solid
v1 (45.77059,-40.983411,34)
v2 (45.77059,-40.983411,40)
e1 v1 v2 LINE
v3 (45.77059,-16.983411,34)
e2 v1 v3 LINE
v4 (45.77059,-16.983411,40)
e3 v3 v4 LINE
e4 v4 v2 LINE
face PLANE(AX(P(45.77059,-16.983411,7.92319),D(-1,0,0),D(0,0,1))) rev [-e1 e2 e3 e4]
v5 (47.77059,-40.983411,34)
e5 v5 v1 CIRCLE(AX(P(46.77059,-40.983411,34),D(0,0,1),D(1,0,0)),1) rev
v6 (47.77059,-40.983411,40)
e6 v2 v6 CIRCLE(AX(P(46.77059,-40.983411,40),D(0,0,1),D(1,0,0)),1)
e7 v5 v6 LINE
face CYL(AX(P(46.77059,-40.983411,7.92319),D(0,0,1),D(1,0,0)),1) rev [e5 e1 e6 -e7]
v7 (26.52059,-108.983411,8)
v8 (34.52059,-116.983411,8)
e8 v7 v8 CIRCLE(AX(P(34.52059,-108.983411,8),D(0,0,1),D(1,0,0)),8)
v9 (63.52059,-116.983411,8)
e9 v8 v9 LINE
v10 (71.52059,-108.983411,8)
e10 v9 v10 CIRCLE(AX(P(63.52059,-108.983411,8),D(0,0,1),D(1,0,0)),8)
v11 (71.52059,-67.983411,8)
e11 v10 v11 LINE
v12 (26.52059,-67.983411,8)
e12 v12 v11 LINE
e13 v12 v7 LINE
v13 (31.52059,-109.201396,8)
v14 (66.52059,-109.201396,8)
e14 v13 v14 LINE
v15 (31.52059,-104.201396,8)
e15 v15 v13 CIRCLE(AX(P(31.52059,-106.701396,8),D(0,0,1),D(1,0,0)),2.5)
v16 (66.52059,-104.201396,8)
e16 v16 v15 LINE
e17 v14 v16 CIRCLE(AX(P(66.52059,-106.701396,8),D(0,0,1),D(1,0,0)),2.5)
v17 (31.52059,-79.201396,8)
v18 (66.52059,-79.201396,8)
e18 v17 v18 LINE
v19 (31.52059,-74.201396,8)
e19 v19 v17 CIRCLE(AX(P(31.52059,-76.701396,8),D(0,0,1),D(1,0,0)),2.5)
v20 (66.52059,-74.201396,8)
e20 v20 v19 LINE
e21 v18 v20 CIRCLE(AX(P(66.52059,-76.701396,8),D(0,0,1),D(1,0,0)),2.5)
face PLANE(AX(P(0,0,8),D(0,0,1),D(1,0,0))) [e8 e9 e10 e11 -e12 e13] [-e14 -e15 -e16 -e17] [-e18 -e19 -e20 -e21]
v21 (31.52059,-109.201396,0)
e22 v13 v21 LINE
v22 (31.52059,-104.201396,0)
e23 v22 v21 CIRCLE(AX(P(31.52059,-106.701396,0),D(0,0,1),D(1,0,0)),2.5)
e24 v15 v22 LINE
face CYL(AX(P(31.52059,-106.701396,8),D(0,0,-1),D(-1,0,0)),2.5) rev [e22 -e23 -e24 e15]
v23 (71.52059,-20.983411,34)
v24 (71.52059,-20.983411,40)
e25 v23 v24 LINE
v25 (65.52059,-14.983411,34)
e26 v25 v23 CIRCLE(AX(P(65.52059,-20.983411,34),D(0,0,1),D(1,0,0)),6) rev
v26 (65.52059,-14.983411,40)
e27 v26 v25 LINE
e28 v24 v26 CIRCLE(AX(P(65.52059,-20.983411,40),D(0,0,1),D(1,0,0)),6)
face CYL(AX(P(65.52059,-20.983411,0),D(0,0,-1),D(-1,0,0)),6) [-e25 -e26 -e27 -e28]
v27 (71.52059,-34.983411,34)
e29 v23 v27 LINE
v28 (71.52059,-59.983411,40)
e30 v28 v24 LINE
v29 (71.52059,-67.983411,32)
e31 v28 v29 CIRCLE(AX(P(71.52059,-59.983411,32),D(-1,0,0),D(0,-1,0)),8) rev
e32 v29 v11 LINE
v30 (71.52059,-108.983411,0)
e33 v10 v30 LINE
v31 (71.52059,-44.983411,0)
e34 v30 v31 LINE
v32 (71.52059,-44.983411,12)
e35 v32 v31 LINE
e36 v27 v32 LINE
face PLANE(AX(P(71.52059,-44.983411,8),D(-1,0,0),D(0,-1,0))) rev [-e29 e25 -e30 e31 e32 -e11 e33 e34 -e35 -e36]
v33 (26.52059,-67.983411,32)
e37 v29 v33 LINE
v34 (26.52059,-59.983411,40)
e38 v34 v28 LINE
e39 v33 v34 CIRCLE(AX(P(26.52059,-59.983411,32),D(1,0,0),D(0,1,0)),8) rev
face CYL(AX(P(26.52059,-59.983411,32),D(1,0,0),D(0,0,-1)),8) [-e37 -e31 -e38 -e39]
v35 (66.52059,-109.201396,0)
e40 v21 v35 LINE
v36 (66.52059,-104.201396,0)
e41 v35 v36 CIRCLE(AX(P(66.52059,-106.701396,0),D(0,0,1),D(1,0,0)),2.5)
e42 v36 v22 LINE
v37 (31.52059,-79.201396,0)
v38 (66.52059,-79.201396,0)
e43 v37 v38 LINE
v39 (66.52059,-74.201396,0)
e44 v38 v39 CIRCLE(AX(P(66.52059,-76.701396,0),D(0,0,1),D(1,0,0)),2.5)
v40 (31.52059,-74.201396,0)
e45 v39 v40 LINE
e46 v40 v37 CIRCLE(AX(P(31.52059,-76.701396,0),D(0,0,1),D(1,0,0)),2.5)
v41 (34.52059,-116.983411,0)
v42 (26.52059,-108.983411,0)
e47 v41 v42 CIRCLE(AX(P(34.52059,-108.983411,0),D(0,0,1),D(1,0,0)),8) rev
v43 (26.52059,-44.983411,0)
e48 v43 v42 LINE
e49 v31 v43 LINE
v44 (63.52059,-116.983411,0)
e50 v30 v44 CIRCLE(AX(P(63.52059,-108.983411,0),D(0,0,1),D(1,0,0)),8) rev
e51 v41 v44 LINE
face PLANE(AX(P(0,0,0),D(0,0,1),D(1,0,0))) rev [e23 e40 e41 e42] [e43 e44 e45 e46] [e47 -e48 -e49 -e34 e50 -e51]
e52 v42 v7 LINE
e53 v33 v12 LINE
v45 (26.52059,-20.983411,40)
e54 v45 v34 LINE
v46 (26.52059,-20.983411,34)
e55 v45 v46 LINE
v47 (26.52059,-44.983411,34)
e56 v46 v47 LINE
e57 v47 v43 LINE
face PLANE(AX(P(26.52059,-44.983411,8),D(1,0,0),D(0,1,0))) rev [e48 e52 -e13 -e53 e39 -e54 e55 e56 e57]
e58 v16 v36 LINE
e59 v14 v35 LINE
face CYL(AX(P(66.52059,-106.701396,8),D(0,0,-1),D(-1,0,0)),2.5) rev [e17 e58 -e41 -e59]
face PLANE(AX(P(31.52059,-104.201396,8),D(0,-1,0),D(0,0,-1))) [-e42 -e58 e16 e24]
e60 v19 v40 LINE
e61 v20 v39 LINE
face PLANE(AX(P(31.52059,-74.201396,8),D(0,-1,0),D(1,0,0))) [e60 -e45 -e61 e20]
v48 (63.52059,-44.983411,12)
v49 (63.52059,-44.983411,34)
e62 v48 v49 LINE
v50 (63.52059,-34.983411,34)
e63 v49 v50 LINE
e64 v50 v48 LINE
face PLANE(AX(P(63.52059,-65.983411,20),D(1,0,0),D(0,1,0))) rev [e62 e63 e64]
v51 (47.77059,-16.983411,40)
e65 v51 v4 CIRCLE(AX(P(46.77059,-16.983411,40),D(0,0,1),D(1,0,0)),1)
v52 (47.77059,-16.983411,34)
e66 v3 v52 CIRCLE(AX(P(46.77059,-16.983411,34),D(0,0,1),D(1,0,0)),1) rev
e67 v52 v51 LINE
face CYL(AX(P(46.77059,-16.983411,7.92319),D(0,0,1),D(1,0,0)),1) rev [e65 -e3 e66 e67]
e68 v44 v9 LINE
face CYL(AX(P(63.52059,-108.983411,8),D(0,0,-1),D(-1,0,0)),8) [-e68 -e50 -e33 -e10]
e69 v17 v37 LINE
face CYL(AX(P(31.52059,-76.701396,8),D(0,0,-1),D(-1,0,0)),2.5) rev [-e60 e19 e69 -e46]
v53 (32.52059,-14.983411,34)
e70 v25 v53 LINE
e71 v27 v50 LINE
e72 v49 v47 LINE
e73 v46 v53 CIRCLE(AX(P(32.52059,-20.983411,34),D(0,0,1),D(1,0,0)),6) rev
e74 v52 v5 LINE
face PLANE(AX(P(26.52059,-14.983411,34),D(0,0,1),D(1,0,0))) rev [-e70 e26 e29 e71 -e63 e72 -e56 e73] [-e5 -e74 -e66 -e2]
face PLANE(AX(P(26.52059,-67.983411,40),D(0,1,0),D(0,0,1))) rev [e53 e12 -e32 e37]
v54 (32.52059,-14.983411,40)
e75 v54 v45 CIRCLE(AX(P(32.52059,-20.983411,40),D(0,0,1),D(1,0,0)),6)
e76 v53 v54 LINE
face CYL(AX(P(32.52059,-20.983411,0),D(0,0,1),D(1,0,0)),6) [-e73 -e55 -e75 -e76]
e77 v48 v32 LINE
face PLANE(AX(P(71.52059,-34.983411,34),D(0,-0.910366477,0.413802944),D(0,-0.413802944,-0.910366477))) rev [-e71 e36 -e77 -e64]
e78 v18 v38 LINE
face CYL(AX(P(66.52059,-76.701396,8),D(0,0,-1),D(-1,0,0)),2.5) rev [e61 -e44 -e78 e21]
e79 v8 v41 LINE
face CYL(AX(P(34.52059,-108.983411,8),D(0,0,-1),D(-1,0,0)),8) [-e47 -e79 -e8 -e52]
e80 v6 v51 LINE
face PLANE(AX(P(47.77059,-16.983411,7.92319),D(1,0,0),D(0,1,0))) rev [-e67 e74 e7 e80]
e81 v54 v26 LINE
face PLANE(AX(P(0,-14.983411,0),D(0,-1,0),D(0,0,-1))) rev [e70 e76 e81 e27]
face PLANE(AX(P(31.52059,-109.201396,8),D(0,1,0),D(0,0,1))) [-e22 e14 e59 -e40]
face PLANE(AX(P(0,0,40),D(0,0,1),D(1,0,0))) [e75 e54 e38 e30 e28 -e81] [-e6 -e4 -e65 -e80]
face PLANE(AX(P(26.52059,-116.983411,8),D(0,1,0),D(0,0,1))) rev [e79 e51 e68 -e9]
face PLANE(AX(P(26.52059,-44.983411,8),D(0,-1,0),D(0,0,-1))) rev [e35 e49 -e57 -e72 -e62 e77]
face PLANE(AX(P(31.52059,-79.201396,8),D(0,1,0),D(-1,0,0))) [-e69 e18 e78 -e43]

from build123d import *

# Parameters (mm, degrees)
SKETCH_1_W          = 45
SKETCH_1_H          = 72
EXTRUDE_1_DEPTH     = 8
SKETCH_3_W          = 45
SKETCH_3_H          = 23
EXTRUDE_2_DEPTH     = 32
SKETCH_4_W          = 45
SKETCH_4_H          = 6
EXTRUDE_3_DEPTH     = 30
CUT_EXTRUDE_1_DEPTH = 6
FILLET_1_R          = 8
RIB_1_REACH         = 133.568
SKETCH_7_WALL_W     = 289.301938088
SKETCH_7_WALL_H     = 8
FILLET_2_R          = 8
FILLET_3_R          = 6


with BuildPart() as part:
    # 草图1 → 凸台-拉伸1 (new body)
    with BuildSketch(Plane.XY):
        with Locations((49.020589592, -80.983410709)):
            Rectangle(SKETCH_1_W, SKETCH_1_H)
        with BuildLine():
            Line((31.520589592, -74.201396253), (66.520589592, -74.201396253))
            ThreePointArc((66.520589592, -74.201396253), (69.020589592, -76.701396253), (66.520589592, -79.201396253))
            Line((66.520589592, -79.201396253), (31.520589592, -79.201396253))
            ThreePointArc((31.520589592, -79.201396253), (29.020589592, -76.701396253), (31.520589592, -74.201396253))
        make_face(mode=Mode.SUBTRACT)
        with BuildLine():
            Line((31.520589592, -104.201396253), (66.520589592, -104.201396253))
            ThreePointArc((66.520589592, -104.201396253), (69.020589592, -106.701396253), (66.520589592, -109.201396253))
            Line((66.520589592, -109.201396253), (31.520589592, -109.201396253))
            ThreePointArc((31.520589592, -109.201396253), (29.020589592, -106.701396253), (31.520589592, -104.201396253))
        make_face(mode=Mode.SUBTRACT)
    extrude(amount=EXTRUDE_1_DEPTH)

    # 草图3 → 凸台-拉伸2 (add)
    with BuildSketch(Plane.XY.offset(8)):
        with Locations((49.020589592, -56.483410709)):
            Rectangle(SKETCH_3_W, SKETCH_3_H)
    extrude(amount=EXTRUDE_2_DEPTH)

    # 草图4 → 凸台-拉伸3 (add)
    with BuildSketch(Plane(origin=(0, -44.983410709, 0), x_dir=(1, 0, 0), z_dir=(0, 1, 0))):
        with Locations((49.020589592, -37)):
            Rectangle(SKETCH_4_W, SKETCH_4_H)
    extrude(amount=EXTRUDE_3_DEPTH)

    # 草图5 → 切除-拉伸1 (cut)
    with BuildSketch(Plane.XY.offset(40)):
        with BuildLine():
            Line((47.770589592, -16.983410709), (47.770589592, -40.983410709))
            ThreePointArc((47.770589592, -40.983410709), (46.770589592, -41.983410709), (45.770589592, -40.983410709))
            Line((45.770589592, -40.983410709), (45.770589592, -16.983410709))
            ThreePointArc((45.770589592, -16.983410709), (46.770589592, -15.983410709), (47.770589592, -16.983410709))
        make_face()
    extrude(amount=-CUT_EXTRUDE_1_DEPTH, mode=Mode.SUBTRACT)

    # 圆角1
    fillet_1_edges = [part.edges().sort_by_distance(p)[0] for p in [
        (71.520589592, -116.983410709, 4),
        (26.520589592, -116.983410709, 4),
    ]]
    fillet(fillet_1_edges, radius=FILLET_1_R)

    # 草图7 wall → 筋1 (add, up to next)
    with BuildSketch(Plane(origin=(71.520589592, -39.983410709, 23), x_dir=(0, -0.413802944301, -0.910366477463), z_dir=(0, 0.910366477463, -0.413802944301)), mode=Mode.PRIVATE) as rib_1_sk1:
        with Locations((0, 4)):
            Rectangle(SKETCH_7_WALL_W, SKETCH_7_WALL_H)
    rib_1_tool1 = extrude(rib_1_sk1.sketch, amount=-RIB_1_REACH, mode=Mode.PRIVATE) - part.part
    add(rib_1_tool1.solids().sort_by_distance((71.520589592, -39.983410709, 23))[0])

    # 圆角2
    fillet_2_edges = [part.edges().sort_by_distance(p)[0] for p in [
        (49.020589592, -67.983410709, 40),
    ]]
    fillet(fillet_2_edges, radius=FILLET_2_R)

    # 圆角3
    fillet_3_edges = [part.edges().sort_by_distance(p)[0] for p in [
        (26.520589592, -14.983410709, 37),
        (71.520589592, -14.983410709, 37),
    ]]
    fillet(fillet_3_edges, radius=FILLET_3_R)


solid = part.part
